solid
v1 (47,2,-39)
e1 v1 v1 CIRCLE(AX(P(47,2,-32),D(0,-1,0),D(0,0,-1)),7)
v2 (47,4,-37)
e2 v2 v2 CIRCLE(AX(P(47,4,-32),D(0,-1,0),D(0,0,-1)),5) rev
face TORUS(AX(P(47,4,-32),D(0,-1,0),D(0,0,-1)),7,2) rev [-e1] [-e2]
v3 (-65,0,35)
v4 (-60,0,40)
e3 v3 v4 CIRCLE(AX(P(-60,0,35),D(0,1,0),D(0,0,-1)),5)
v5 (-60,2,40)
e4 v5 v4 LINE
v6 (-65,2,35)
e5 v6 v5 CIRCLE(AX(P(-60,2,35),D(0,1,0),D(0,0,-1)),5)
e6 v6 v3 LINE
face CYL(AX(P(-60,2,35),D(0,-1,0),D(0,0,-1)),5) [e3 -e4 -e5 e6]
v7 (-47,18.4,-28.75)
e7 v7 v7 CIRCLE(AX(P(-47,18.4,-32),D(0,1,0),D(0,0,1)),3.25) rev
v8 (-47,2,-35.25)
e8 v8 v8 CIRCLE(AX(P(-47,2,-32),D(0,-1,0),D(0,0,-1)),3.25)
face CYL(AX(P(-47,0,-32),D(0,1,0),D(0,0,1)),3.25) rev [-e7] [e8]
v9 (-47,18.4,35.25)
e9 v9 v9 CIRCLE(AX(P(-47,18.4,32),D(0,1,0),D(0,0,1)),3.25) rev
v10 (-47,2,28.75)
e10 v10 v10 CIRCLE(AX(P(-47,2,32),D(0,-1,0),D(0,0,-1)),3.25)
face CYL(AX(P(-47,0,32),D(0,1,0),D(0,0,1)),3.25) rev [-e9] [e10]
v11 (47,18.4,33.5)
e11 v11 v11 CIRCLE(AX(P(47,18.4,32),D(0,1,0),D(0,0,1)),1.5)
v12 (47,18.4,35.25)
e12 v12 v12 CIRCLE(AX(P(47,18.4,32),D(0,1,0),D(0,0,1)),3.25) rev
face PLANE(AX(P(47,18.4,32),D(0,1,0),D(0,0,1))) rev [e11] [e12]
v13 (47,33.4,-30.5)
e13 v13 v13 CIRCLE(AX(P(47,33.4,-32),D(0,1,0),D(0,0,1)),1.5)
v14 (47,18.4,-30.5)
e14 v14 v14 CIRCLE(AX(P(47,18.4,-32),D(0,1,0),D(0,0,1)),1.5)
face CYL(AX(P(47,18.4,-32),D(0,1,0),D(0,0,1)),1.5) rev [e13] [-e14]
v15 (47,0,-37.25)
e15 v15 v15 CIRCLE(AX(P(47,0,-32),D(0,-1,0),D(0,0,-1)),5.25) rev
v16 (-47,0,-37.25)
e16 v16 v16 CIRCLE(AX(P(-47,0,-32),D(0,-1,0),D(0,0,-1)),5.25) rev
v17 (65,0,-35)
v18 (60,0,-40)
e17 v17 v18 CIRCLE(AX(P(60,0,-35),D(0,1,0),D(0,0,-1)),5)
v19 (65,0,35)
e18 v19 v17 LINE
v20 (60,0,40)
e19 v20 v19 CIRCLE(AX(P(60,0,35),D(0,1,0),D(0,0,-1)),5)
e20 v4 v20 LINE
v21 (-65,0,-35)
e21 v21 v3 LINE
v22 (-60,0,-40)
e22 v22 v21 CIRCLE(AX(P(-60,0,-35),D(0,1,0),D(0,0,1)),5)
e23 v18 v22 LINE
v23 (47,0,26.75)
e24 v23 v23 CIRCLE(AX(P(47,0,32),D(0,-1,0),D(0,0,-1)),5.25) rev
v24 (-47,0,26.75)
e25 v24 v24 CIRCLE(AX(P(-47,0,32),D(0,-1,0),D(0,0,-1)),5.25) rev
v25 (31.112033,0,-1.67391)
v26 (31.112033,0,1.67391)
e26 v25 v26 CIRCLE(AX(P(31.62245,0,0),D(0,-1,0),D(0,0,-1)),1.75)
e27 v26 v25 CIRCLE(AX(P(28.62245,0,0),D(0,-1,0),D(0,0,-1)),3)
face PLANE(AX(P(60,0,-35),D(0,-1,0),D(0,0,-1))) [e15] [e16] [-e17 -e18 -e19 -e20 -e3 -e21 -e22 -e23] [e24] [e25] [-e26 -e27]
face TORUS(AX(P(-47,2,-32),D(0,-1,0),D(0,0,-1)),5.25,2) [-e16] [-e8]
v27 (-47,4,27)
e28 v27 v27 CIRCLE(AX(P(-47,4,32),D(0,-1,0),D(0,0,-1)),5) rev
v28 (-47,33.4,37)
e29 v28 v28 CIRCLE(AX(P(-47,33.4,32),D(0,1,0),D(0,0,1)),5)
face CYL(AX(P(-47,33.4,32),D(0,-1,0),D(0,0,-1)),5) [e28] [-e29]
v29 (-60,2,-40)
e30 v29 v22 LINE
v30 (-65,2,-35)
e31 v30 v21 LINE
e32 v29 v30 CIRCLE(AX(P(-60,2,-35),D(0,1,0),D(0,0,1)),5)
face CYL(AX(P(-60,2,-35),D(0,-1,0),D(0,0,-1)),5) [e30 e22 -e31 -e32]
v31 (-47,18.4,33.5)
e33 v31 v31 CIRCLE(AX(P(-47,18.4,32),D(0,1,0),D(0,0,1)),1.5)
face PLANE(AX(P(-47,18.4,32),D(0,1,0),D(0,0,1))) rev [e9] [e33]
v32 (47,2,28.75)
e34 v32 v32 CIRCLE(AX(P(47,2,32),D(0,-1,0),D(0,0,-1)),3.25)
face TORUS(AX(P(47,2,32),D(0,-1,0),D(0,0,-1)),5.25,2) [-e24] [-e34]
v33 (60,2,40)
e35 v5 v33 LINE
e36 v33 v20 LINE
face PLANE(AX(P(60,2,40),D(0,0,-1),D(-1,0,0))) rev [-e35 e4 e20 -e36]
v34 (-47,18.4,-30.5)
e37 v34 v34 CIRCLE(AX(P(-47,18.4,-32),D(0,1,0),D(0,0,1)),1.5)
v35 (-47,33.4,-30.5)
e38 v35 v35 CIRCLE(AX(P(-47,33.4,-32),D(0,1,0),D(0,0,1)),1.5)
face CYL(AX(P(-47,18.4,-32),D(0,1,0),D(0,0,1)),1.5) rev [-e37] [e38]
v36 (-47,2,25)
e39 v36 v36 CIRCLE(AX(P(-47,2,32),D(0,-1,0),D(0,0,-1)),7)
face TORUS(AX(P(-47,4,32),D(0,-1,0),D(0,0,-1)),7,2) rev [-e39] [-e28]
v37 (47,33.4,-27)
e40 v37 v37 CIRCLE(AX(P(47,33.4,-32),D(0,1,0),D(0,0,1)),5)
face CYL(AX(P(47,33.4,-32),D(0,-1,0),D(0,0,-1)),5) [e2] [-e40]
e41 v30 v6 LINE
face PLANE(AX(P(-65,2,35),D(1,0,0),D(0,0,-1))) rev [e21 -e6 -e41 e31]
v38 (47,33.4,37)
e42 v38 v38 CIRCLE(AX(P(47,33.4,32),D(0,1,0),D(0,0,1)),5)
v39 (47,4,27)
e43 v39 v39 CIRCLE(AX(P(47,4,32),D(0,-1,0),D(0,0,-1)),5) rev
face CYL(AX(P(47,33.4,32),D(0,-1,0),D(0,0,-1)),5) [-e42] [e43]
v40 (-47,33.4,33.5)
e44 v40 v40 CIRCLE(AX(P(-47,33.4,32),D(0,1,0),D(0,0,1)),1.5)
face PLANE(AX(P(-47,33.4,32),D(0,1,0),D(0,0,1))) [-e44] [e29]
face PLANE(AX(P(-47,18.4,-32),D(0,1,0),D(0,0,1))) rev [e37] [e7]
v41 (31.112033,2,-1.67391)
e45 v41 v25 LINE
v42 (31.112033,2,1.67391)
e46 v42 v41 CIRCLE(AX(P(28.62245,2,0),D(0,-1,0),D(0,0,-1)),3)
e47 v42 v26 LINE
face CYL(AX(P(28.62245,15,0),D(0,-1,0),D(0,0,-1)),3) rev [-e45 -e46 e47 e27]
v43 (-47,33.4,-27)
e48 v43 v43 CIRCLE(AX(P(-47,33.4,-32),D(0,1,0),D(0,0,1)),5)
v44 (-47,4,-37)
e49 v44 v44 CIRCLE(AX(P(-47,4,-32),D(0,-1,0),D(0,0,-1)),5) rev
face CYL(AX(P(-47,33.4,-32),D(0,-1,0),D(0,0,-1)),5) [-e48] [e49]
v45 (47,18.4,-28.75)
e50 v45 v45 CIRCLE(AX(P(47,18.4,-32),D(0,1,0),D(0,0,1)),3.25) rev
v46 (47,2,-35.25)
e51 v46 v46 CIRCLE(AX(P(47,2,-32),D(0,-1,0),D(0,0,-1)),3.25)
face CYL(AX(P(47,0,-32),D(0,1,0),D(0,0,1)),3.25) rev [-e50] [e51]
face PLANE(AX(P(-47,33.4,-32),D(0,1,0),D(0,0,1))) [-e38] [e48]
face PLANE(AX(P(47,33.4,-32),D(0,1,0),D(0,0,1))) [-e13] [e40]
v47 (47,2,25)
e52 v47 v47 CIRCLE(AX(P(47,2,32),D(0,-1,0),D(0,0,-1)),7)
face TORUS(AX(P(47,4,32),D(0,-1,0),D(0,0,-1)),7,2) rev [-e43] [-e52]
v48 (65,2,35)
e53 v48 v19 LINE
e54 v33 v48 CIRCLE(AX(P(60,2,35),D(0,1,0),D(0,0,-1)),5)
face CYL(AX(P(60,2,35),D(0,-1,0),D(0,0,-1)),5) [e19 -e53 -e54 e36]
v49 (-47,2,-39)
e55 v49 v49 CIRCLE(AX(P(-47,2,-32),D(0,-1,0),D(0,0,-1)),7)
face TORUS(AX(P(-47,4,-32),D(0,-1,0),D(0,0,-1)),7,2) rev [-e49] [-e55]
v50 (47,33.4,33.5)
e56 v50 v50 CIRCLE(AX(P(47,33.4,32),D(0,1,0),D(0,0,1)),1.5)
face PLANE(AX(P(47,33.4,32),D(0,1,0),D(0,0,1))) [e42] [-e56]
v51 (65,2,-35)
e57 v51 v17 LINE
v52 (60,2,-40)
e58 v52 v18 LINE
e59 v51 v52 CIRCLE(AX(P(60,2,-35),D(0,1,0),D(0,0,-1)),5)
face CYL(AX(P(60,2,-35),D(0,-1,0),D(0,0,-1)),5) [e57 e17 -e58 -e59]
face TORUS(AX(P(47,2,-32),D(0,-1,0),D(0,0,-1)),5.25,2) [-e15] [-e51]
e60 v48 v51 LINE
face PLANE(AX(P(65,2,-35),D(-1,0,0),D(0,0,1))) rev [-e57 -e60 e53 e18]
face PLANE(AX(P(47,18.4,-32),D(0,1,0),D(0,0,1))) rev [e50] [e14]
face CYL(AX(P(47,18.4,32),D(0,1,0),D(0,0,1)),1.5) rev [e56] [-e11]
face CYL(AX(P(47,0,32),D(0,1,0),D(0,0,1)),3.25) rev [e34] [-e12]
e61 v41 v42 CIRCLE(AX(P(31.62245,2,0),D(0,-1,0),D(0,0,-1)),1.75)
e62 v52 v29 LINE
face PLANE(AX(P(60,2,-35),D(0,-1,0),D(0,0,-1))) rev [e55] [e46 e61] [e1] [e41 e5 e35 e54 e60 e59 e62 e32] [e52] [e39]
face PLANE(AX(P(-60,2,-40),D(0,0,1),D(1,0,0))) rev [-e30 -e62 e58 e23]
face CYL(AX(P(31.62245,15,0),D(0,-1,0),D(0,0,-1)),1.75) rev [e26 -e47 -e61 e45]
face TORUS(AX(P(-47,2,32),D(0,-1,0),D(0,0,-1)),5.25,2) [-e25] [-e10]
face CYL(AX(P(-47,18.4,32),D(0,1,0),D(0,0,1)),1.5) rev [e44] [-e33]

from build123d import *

# Parameters (mm, degrees)
EXTRUDE_1_DEPTH     = 2
SKETCH_2_R          = 3.25
CUT_EXTRUDE_1_DEPTH = 2
EXTRUDE_START       = 31.4
SKETCH_5_R          = 5
SKETCH_5_R_2        = 3.25
EXTRUDE_2_DEPTH     = 31.4
FILLET_1_R          = 2
SKETCH_6_R          = 4.098076989
SKETCH_6_R_2        = 1.5
SKETCH_6_R_3        = 4.302303052
SKETCH_6_R_4        = 4.211102699
SKETCH_6_R_5        = 4.115212329
EXTRUDE_3_DEPTH     = 15
FILLET_2_R          = 2
CUT_EXTRUDE_2_DEPTH = 15


with BuildPart() as part:
    # Эскиз1 → Бобышка-Вытянуть1 (new body)
    with BuildSketch(Plane(origin=(0, 0, 0), x_dir=(1, 0, 0), z_dir=(0, 1, 0))):
        with BuildLine():
            Line((-60, 40), (60, 40))
            ThreePointArc((60, 40), (63.535533906, 38.535533906), (65, 35))
            Line((65, 35), (65, -35))
            ThreePointArc((65, -35), (63.535533906, -38.535533906), (60, -40))
            Line((60, -40), (-60, -40))
            ThreePointArc((-60, -40), (-63.535533906, -38.535533906), (-65, -35))
            Line((-65, -35), (-65, 35))
            ThreePointArc((-65, 35), (-63.535533906, 38.535533906), (-60, 40))
        make_face()
    extrude(amount=EXTRUDE_1_DEPTH)

    # Эскиз2 → Вырез-Вытянуть1 (cut)
    with BuildSketch(Plane(origin=(0, 2, 0), x_dir=(1, 0, 0), z_dir=(0, 1, 0))):
        with Locations(Location((-47, 32, 0), (0, 0, 270))):
            Circle(SKETCH_2_R)
        with Locations(Location((47, 32, 0), (0, 0, 270))):
            Circle(SKETCH_2_R)
        with Locations(Location((-47, -32, 0), (0, 0, 270))):
            Circle(SKETCH_2_R)
        with Locations(Location((47, -32, 0), (0, 0, 270))):
            Circle(SKETCH_2_R)
    extrude(amount=-CUT_EXTRUDE_1_DEPTH, mode=Mode.SUBTRACT)

    # Эскиз5 → Бобышка-Вытянуть2 (add)
    # profile 1 of 4: a face of its own
    with BuildSketch(Plane(origin=(0, 2, 0), x_dir=(1, 0, 0), z_dir=(0, 1, 0)).offset(EXTRUDE_START)):
        with Locations(Location((-47, 32, 0), (0, 0, 90))):
            Circle(SKETCH_5_R)
        with Locations(Location((-47, 32, 0), (0, 0, 270))):
            Circle(SKETCH_5_R_2, mode=Mode.SUBTRACT)
    # profile 2 of 4: a face of its own
    with BuildSketch(Plane(origin=(0, 2, 0), x_dir=(1, 0, 0), z_dir=(0, 1, 0)).offset(EXTRUDE_START)):
        with Locations(Location((47, 32, 0), (0, 0, 90))):
            Circle(SKETCH_5_R)
        with Locations(Location((47, 32, 0), (0, 0, 270))):
            Circle(SKETCH_5_R_2, mode=Mode.SUBTRACT)
    # profile 3 of 4: a face of its own
    with BuildSketch(Plane(origin=(0, 2, 0), x_dir=(1, 0, 0), z_dir=(0, 1, 0)).offset(EXTRUDE_START)):
        with Locations(Location((47, -32, 0), (0, 0, 90))):
            Circle(SKETCH_5_R)
        with Locations(Location((47, -32, 0), (0, 0, 270))):
            Circle(SKETCH_5_R_2, mode=Mode.SUBTRACT)
    # profile 4 of 4: a face of its own
    with BuildSketch(Plane(origin=(0, 2, 0), x_dir=(1, 0, 0), z_dir=(0, 1, 0)).offset(EXTRUDE_START)):
        with Locations(Location((-47, -32, 0), (0, 0, 90))):
            Circle(SKETCH_5_R)
        with Locations(Location((-47, -32, 0), (0, 0, 270))):
            Circle(SKETCH_5_R_2, mode=Mode.SUBTRACT)
    extrude(amount=-EXTRUDE_2_DEPTH)

    # Скругление1
    fillet_1_edges = [part.edges().sort_by_distance(p)[0] for p in [
        (-47, 2, -27),
        (47, 2, 37),
        (47, 2, -27),
        (-47, 2, 37),
    ]]
    fillet(fillet_1_edges, radius=FILLET_1_R)

    # Эскиз6 → Бобышка-Вытянуть3 (add)
    # profile 1 of 4: a face of its own
    with BuildSketch(Plane(origin=(0, 33.4, 0), x_dir=(1, 0, 0), z_dir=(0, 1, 0))):
        with Locations((-47, 32)):
            Circle(SKETCH_6_R)
        with Locations(Location((-47, 32, 0), (0, 0, 270))):
            Circle(SKETCH_6_R_2, mode=Mode.SUBTRACT)
    # profile 2 of 4: a face of its own
    with BuildSketch(Plane(origin=(0, 33.4, 0), x_dir=(1, 0, 0), z_dir=(0, 1, 0))):
        with Locations((47, 32)):
            Circle(SKETCH_6_R_3)
        with Locations(Location((47, 32, 0), (0, 0, 270))):
            Circle(SKETCH_6_R_2, mode=Mode.SUBTRACT)
    # profile 3 of 4: a face of its own
    with BuildSketch(Plane(origin=(0, 33.4, 0), x_dir=(1, 0, 0), z_dir=(0, 1, 0))):
        with Locations((47, -32)):
            Circle(SKETCH_6_R_4)
        with Locations(Location((47, -32, 0), (0, 0, 270))):
            Circle(SKETCH_6_R_2, mode=Mode.SUBTRACT)
    # profile 4 of 4: a face of its own
    with BuildSketch(Plane(origin=(0, 33.4, 0), x_dir=(1, 0, 0), z_dir=(0, 1, 0))):
        with Locations((-47, -32)):
            Circle(SKETCH_6_R_5)
        with Locations(Location((-47, -32, 0), (0, 0, 270))):
            Circle(SKETCH_6_R_2, mode=Mode.SUBTRACT)
    extrude(amount=-EXTRUDE_3_DEPTH)

    # Скругление2
    fillet_2_edges = [part.edges().sort_by_distance(p)[0] for p in [
        (47, 0, -35.25),
        (-47, 0, 28.75),
        (47, 0, 28.75),
        (-47, 0, -35.25),
    ]]
    fillet(fillet_2_edges, radius=FILLET_2_R)

    # Эскиз7 → Вырез-Вытянуть2 (cut)
    with BuildSketch(Plane.XZ):
        with BuildLine():
            ThreePointArc((31.112033157, 1.673910041), (25.622449823, 0), (31.112033157, -1.673910041))
            ThreePointArc((31.112033157, -1.673910041), (33.372449823, 0), (31.112033157, 1.673910041))
        make_face()
    extrude(amount=-CUT_EXTRUDE_2_DEPTH, mode=Mode.SUBTRACT)


solid = part.part
